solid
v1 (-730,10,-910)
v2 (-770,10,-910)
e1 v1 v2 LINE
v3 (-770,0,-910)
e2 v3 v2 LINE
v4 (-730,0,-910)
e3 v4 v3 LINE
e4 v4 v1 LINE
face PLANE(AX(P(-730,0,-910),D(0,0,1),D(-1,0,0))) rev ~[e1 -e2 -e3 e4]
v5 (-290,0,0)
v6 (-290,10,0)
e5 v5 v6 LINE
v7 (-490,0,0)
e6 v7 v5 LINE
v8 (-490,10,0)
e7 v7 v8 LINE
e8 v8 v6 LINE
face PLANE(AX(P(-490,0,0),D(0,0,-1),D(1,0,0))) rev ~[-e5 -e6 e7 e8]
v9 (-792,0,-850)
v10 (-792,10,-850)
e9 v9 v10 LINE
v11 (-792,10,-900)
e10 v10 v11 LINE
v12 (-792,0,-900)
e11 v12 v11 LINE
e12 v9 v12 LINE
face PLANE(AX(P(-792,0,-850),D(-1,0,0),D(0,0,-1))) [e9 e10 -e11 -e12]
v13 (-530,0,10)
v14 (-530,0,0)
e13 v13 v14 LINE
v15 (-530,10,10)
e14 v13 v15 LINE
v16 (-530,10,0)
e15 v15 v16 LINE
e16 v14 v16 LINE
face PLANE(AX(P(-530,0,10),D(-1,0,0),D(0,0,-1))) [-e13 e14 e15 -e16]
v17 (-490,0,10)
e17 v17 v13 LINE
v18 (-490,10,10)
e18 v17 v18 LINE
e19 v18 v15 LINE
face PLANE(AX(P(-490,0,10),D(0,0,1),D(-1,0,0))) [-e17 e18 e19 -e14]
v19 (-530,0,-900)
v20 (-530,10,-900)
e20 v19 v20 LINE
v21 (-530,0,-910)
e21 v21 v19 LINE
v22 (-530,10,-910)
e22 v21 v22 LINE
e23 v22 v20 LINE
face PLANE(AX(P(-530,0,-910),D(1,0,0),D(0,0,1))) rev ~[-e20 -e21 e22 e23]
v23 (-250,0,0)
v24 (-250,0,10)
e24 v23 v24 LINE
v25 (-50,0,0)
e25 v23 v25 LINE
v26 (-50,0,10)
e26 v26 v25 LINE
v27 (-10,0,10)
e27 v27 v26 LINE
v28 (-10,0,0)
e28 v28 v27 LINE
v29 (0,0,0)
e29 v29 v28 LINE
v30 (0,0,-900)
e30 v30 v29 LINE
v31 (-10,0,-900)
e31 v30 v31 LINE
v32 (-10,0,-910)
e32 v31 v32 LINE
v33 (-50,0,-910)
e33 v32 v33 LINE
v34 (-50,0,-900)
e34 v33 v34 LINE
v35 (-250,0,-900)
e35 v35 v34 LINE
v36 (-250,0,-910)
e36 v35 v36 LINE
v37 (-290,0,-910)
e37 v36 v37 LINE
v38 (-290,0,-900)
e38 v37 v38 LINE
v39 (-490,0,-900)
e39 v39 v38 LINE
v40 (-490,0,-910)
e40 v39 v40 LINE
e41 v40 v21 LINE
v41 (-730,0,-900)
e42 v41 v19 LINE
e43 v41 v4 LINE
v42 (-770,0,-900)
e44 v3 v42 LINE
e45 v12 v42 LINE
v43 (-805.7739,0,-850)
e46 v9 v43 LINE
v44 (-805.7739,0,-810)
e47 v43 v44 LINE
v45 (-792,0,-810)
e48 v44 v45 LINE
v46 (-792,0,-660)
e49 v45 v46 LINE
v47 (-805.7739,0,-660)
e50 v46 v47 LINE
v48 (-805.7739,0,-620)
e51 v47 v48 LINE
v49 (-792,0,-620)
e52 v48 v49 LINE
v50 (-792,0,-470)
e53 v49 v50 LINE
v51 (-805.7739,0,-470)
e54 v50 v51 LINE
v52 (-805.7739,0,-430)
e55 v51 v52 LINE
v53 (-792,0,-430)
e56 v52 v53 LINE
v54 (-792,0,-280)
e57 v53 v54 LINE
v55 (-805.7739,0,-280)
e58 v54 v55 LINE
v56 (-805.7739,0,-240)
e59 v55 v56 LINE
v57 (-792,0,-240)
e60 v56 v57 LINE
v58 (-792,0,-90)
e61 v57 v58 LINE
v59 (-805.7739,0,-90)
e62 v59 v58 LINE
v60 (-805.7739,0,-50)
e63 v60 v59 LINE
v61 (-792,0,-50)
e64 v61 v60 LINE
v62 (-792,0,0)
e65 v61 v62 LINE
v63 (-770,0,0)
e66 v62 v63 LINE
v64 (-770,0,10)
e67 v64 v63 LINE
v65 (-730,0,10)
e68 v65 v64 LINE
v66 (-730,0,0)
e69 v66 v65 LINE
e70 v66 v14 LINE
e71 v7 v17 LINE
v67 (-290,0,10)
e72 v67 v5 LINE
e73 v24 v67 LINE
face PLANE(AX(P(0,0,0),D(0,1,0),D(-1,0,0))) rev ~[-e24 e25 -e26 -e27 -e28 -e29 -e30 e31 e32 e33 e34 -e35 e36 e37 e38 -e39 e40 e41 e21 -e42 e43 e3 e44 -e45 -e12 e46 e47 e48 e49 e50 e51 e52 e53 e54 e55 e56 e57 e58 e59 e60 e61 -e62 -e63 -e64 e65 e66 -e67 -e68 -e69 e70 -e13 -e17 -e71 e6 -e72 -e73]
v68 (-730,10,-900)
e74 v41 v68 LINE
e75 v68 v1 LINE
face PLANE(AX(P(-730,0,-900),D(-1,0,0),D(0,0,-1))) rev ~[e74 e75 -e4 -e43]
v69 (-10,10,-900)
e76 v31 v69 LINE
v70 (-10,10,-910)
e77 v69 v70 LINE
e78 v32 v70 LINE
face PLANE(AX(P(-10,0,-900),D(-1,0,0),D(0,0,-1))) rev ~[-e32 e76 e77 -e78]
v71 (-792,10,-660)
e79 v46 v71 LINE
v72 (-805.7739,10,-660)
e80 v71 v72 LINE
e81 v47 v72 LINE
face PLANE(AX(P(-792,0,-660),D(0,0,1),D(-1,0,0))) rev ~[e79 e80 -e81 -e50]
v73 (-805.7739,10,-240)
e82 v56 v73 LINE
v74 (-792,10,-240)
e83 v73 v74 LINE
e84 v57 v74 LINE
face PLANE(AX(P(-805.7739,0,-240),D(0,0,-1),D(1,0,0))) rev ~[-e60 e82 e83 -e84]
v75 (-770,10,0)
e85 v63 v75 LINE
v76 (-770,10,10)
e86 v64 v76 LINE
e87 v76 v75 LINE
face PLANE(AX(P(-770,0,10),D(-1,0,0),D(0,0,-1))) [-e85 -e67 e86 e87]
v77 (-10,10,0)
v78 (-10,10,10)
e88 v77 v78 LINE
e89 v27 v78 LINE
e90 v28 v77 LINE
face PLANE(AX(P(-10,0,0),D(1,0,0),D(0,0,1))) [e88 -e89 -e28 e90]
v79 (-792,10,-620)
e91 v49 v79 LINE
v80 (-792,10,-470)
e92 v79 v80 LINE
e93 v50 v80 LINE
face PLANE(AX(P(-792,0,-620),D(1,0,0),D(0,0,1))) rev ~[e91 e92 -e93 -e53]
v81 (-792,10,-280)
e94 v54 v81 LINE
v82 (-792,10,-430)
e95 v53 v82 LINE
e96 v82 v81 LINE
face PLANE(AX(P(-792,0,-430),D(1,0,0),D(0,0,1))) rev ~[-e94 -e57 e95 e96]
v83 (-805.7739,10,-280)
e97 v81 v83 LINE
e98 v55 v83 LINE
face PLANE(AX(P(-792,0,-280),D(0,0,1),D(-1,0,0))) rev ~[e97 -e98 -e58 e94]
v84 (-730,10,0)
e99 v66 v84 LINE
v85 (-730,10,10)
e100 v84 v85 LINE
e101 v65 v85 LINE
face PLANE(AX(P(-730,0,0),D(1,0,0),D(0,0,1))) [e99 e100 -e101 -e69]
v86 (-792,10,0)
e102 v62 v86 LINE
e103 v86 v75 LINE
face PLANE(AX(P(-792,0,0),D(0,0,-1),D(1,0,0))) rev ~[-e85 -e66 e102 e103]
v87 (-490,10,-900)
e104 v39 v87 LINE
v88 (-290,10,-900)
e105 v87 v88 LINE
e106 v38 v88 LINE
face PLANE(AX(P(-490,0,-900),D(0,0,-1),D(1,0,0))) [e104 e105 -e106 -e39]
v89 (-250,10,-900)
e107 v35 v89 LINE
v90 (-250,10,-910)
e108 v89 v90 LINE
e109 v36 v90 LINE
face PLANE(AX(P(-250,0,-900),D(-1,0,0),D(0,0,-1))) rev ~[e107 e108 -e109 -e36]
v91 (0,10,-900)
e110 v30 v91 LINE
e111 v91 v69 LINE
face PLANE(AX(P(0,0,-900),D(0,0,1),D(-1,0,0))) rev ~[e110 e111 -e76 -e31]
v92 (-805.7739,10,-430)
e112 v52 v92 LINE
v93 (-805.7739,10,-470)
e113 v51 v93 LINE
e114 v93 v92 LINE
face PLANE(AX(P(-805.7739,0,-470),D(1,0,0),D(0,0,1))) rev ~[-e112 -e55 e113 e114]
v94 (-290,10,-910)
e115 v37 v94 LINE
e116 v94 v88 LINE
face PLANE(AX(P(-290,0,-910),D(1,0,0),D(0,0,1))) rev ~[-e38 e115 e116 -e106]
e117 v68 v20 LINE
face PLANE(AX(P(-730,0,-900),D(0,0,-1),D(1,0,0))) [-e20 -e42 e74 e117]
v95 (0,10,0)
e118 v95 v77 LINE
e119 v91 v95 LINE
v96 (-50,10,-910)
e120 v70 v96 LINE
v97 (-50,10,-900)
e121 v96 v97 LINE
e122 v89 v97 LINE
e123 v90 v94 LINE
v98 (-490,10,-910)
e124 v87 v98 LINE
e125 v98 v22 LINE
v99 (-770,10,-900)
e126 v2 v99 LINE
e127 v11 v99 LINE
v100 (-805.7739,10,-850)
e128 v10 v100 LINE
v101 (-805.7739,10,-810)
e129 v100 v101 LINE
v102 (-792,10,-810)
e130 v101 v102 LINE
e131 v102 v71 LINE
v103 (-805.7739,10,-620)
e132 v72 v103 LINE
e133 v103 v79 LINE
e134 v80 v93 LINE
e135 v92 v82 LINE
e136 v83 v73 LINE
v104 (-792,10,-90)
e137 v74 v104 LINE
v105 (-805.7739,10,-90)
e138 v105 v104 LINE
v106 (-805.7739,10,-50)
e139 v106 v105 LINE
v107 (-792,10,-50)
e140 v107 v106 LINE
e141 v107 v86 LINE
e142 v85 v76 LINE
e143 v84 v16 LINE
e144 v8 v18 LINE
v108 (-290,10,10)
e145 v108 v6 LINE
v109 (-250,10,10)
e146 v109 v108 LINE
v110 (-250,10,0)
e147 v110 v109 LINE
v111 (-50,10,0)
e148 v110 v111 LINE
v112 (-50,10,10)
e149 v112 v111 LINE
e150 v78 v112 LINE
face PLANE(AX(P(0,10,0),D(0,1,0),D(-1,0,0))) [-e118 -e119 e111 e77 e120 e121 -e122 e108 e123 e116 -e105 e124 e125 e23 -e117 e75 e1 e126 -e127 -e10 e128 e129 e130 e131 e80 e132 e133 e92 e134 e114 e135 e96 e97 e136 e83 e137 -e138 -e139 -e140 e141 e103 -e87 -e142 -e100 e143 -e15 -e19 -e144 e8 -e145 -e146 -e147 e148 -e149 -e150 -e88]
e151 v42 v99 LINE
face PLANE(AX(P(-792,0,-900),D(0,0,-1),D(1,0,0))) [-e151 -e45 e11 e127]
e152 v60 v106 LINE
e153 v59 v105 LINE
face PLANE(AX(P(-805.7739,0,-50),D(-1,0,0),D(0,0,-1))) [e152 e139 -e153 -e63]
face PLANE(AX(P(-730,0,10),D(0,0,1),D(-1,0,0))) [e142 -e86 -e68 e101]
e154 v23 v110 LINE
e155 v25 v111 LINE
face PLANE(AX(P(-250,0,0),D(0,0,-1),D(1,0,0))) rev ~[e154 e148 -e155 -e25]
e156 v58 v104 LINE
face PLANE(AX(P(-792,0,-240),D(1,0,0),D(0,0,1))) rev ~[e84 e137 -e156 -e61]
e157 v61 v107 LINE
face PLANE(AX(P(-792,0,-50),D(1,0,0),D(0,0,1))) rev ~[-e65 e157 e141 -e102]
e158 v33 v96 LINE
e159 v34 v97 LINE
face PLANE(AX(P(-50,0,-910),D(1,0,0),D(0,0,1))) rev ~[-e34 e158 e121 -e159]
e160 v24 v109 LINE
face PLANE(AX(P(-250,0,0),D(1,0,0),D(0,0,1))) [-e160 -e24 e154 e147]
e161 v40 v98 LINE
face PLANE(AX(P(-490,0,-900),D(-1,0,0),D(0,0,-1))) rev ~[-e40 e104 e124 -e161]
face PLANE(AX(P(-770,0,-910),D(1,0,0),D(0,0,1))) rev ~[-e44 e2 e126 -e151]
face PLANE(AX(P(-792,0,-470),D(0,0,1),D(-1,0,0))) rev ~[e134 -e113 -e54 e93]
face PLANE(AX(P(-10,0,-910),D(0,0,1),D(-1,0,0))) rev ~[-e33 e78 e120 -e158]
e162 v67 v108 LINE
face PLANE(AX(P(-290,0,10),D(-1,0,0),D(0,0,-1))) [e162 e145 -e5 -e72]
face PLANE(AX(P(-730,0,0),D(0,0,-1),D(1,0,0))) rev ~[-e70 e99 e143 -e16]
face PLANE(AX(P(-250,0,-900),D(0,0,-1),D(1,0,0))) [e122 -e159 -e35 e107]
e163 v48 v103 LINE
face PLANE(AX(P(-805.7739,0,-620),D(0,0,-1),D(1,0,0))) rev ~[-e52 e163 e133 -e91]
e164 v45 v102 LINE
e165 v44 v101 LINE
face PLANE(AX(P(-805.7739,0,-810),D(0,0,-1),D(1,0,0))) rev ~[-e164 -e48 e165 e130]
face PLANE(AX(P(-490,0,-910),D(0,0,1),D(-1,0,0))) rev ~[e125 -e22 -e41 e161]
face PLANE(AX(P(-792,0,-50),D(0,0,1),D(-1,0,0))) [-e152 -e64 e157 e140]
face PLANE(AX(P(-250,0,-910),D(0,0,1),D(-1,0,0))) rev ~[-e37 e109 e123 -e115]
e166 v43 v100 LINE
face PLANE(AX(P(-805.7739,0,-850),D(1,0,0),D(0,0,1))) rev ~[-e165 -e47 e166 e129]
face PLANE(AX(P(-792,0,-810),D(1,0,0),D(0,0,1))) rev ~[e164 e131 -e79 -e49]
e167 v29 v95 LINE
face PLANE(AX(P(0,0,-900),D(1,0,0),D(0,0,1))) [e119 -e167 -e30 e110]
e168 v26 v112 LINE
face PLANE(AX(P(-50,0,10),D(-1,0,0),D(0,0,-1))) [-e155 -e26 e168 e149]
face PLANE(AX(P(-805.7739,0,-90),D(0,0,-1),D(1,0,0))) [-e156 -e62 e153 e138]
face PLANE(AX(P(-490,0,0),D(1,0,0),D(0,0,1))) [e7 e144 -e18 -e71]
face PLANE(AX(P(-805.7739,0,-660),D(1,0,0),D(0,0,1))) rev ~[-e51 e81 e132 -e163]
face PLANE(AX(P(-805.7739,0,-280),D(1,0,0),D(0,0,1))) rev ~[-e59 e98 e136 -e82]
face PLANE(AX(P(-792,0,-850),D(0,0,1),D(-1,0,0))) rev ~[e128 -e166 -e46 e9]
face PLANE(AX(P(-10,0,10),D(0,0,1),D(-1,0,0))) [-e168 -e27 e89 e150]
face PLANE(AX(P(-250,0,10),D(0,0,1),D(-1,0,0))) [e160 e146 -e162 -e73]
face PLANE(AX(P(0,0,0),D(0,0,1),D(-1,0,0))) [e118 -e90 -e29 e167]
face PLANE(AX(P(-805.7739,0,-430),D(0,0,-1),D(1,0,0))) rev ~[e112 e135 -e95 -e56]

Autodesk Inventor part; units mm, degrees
ref_plane "YZ Plane" through (0, 0, 0) normal (1, 0, 0) x (0, 1, 0)
ref_plane "XZ Plane" through (0, 0, 0) normal (0, 1, 0) x (-1, 0, 0)
ref_plane "XY Plane" through (0, 0, 0) normal (0, 0, 1) x (1, 0, 0)
sketch "Sketch1" plane through (0, 0, 0) normal (0, 1, 0) x (-1, 0, 0)
  line L0 (0, 0) -> (792, 0) construction
  line L1 (792, 0) -> (792, -900) construction
  line L2 (792, -900) -> (0, -900) construction
  line L3 (0, -900) -> (0, 0)
  line L4 (770, 0) -> (730, 0) construction
  line L5 (730, 0) -> (730, 10)
  line L6 (730, 10) -> (770, 10)
  line L7 (770, 10) -> (770, 0)
  line L8 (530, 0) -> (490, 0) construction
  line L9 (490, 0) -> (490, 10)
  line L10 (490, 10) -> (530, 10)
  line L11 (530, 10) -> (530, 0)
  line L12 (290, 0) -> (250, 0) construction
  line L13 (250, 0) -> (250, 10)
  line L14 (250, 10) -> (290, 10)
  line L15 (290, 10) -> (290, 0)
  line L16 (50, 0) -> (10, 0) construction
  line L17 (10, 0) -> (10, 10)
  line L18 (10, 10) -> (50, 10)
  line L19 (50, 10) -> (50, 0)
  line L20 (0, 0) -> (10, 0)
  line L21 (250, 0) -> (50, 0)
  line L22 (490, 0) -> (290, 0)
  line L23 (730, 0) -> (530, 0)
  line L24 (792, 0) -> (770, 0)
  line L25 (792, -450) -> (0, -450) construction
  line L26 (0, -900) -> (792, -900) construction
  line L27 (770, -900) -> (730, -900) construction
  line L28 (730, -900) -> (730, -910)
  line L29 (730, -910) -> (770, -910)
  line L30 (770, -910) -> (770, -900)
  line L31 (530, -900) -> (490, -900) construction
  line L32 (490, -900) -> (490, -910)
  line L33 (490, -910) -> (530, -910)
  line L34 (530, -910) -> (530, -900)
  line L35 (290, -900) -> (250, -900) construction
  line L36 (250, -900) -> (250, -910)
  line L37 (250, -910) -> (290, -910)
  line L38 (290, -910) -> (290, -900)
  line L39 (50, -900) -> (10, -900) construction
  line L40 (10, -900) -> (10, -910)
  line L41 (10, -910) -> (50, -910)
  line L42 (50, -910) -> (50, -900)
  line L43 (0, -900) -> (10, -900)
  line L44 (250, -900) -> (50, -900)
  line L45 (490, -900) -> (290, -900)
  line L46 (730, -900) -> (530, -900)
  line L47 (792, -900) -> (770, -900)
  line L48 (792, -50) -> (805.7739, -50)
  line L49 (805.7739, -50) -> (805.7739, -90)
  line L50 (805.7739, -90) -> (792, -90)
  line L51 (792, -90) -> (792, -50) construction
  line L52 (805.7739, -240) -> (792, -240)
  line L53 (792, -240) -> (792, -280) construction
  line L54 (792, -280) -> (805.7739, -280)
  line L55 (805.7739, -280) -> (805.7739, -240)
  line L56 (805.7739, -430) -> (792, -430)
  line L57 (792, -430) -> (792, -470) construction
  line L58 (792, -470) -> (805.7739, -470)
  line L59 (805.7739, -470) -> (805.7739, -430)
  line L60 (805.7739, -620) -> (792, -620)
  line L61 (792, -620) -> (792, -660) construction
  line L62 (792, -660) -> (805.7739, -660)
  line L63 (805.7739, -660) -> (805.7739, -620)
  line L64 (805.7739, -810) -> (792, -810)
  line L65 (792, -810) -> (792, -850) construction
  line L66 (792, -850) -> (805.7739, -850)
  line L67 (805.7739, -850) -> (805.7739, -810)
  line L68 (792, -850) -> (792, -900)
  line L69 (792, -810) -> (792, -660)
  line L70 (792, -620) -> (792, -470)
  line L71 (792, -430) -> (792, -280)
  line L72 (792, -240) -> (792, -90)
  line L73 (792, -50) -> (792, 0)
  dimension "d0" = 900
  dimension "d1" = 792
  dimension "d2" = 40
  dimension "d3" = 22
  dimension "d4" = 10
  dimension "d5" = 200
  dimension "d6" = 200
  dimension "d9" = 200
  dimension "d12" = 50
  dimension "d13" = 40
  dimension "d14" = 150
  dimension "d15" = 150
  dimension "d16" = 150
  dimension "d17" = 150
  dimension "d18" = 50
extrude "Extrusion1" add sketch "Sketch1" along normal blind 10
properties part number "Base" material "Wood (Oak)"
